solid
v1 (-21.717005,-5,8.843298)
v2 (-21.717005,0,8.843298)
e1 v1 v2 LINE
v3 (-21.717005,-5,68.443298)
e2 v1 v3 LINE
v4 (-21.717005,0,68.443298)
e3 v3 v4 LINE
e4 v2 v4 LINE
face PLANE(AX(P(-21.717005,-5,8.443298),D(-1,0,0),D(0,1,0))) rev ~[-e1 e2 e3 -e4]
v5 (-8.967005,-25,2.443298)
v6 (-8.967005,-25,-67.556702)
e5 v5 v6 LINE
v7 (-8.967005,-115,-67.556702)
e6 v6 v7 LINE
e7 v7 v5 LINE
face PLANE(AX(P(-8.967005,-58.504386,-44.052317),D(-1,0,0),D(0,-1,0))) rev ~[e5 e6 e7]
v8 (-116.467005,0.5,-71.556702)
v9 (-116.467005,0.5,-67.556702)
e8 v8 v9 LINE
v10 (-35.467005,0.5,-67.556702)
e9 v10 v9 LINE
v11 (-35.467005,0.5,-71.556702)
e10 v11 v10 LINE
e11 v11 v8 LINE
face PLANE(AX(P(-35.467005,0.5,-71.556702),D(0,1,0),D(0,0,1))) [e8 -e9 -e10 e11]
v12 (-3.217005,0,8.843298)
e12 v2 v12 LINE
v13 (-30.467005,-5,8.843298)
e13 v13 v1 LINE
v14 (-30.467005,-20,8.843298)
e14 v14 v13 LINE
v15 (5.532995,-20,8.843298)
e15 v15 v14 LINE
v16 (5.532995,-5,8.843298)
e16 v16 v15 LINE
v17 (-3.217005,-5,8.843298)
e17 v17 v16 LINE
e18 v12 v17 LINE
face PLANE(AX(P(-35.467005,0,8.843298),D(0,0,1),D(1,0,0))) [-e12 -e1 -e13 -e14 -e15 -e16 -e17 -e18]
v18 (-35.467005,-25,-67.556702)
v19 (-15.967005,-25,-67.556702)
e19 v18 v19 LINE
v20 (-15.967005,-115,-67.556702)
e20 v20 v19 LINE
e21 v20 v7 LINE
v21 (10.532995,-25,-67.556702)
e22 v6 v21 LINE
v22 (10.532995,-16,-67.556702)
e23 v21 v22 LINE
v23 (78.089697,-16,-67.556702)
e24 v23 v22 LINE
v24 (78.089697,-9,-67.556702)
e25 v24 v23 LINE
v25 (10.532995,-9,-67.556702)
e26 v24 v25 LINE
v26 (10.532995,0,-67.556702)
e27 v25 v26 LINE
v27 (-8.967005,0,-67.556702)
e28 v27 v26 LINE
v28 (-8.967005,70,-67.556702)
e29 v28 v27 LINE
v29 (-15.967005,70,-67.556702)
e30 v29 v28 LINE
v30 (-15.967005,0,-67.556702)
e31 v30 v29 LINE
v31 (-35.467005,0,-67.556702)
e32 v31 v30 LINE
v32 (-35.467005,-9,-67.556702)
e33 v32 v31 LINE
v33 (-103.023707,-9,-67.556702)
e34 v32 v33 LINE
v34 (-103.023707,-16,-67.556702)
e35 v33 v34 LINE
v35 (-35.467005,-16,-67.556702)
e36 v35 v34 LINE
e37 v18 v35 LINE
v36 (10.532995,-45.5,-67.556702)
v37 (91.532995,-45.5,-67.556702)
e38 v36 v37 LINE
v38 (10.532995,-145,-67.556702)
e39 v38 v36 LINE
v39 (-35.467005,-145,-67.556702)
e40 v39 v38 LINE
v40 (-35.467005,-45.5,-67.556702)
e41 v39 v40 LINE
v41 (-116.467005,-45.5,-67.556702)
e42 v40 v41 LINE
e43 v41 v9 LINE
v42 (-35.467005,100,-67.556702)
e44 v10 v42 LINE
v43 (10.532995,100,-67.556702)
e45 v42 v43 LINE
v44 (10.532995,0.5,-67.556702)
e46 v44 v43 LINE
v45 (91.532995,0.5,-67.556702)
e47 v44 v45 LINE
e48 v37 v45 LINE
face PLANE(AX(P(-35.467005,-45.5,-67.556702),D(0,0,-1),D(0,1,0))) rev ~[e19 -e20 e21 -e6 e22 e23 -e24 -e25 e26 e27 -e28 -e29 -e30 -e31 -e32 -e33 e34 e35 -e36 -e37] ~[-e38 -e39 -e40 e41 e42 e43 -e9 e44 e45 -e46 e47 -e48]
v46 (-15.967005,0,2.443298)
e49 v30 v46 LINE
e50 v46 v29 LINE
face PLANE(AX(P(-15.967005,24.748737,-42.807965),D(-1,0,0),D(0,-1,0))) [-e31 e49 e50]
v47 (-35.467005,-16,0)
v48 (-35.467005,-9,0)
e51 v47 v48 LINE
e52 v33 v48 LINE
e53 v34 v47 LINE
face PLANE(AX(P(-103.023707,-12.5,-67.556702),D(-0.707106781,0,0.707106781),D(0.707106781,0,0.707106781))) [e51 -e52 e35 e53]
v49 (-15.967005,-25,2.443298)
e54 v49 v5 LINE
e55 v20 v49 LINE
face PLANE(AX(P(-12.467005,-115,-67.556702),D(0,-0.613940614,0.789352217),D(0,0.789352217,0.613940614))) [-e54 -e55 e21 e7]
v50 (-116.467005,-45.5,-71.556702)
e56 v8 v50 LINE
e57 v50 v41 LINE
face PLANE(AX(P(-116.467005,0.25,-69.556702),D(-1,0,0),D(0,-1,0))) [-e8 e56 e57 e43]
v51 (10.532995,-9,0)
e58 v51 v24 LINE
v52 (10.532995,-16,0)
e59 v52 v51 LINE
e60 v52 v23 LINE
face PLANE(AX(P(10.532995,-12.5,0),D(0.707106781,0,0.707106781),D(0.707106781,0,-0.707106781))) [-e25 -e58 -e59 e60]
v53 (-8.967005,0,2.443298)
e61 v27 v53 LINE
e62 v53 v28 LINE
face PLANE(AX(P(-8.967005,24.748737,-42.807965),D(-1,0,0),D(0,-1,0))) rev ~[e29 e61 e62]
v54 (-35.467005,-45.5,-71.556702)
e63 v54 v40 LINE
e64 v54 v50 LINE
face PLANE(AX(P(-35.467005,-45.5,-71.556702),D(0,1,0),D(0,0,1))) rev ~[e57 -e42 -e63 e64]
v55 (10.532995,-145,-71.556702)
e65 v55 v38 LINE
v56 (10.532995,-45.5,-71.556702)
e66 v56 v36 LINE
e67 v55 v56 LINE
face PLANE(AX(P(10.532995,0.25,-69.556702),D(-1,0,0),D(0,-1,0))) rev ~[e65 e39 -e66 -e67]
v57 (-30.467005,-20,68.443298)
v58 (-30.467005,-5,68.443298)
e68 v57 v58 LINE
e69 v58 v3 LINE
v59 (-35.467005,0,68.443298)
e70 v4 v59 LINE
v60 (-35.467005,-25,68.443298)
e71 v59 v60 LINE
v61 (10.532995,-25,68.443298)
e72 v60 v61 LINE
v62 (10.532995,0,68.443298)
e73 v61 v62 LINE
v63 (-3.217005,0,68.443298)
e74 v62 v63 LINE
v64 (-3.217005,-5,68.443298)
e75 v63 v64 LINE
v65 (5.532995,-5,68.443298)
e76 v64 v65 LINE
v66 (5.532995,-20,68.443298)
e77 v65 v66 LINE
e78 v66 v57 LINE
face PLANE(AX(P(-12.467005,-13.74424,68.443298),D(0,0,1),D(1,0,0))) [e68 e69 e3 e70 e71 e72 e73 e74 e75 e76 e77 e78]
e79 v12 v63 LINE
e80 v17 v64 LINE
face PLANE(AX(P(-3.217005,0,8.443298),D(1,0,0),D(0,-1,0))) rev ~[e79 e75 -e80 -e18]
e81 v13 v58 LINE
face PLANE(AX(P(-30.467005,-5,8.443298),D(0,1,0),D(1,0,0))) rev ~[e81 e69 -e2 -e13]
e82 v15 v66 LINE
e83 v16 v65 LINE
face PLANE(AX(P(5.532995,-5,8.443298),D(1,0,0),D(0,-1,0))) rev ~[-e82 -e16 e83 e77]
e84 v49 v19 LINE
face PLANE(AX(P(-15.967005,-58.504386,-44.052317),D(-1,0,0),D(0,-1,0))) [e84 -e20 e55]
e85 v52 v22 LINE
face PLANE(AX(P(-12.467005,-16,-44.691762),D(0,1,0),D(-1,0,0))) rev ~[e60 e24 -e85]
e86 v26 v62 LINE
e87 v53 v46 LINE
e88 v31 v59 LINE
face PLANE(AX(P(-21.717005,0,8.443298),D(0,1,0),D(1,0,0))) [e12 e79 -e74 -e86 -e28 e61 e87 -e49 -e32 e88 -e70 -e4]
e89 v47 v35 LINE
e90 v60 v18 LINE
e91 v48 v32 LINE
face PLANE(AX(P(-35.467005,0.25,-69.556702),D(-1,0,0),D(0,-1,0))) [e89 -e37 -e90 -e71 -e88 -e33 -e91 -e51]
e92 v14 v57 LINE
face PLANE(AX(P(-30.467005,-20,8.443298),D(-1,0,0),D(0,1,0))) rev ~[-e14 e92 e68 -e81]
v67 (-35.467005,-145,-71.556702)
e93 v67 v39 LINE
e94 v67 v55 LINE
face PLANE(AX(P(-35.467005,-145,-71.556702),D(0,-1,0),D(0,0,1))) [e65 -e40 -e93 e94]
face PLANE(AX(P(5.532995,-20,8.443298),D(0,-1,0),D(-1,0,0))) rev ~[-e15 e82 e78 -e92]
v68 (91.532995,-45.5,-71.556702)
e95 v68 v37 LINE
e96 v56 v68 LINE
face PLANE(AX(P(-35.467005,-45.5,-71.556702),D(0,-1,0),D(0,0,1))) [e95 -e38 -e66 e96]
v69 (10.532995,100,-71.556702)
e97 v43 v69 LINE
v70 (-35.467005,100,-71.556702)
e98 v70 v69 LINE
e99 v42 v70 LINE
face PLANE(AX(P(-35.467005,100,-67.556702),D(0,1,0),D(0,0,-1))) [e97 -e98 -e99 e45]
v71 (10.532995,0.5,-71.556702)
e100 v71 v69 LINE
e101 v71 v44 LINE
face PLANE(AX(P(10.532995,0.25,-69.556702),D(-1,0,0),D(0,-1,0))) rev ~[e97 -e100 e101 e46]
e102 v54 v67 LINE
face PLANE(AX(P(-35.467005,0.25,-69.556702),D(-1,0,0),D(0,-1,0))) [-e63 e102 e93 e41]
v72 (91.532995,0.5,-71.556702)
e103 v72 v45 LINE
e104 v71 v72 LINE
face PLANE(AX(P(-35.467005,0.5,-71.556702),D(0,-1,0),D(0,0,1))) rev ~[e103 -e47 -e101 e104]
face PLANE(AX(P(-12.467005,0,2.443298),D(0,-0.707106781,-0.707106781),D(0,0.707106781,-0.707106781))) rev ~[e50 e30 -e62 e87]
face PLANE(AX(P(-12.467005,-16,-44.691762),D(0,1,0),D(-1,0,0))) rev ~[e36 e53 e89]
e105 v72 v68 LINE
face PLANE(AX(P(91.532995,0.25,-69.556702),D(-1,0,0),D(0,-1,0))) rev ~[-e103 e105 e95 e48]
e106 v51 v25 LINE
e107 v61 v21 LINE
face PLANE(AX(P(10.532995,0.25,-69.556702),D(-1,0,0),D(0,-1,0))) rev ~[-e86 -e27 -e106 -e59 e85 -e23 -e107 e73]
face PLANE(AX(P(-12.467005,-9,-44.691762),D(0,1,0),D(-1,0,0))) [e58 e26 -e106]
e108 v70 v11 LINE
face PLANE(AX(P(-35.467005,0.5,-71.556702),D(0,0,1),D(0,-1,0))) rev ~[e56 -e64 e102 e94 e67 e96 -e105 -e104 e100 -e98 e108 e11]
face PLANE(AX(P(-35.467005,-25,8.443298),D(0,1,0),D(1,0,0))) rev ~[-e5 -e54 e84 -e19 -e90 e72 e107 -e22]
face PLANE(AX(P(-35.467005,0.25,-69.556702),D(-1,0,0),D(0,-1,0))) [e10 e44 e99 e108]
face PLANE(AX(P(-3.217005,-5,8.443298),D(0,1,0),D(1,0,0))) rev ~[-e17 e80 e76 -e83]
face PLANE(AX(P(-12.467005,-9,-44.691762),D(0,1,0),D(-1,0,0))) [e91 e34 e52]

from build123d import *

# Parameters (mm, degrees)
F0_W           = 46
F0_H           = 80
F1_DEPTH       = 25
F4_DEPTH       = 60
F2_W           = 0.5
F2_H           = 4
F2_W_2         = 20.5
F5_DEPTH       = 46
F8_DEPTH       = 3.5
F10_DEPTH      = 0.4
F2_W_3         = 25
F11_DEPTH      = 81
F11_DEPTH_BACK = 127
F14_DEPTH      = 3.5


with BuildPart() as f1:
    # F0 (on Front) → F1 (new body)
    with BuildSketch(Plane.XZ):
        with Locations((-12.4670048244, -31.5567021806)):
            Rectangle(F0_W, F0_H)
    extrude(amount=F1_DEPTH)

    # F3 (on face) → F4 (join)
    with BuildSketch(Plane.XY.offset(8.4432978194)):
        Polygon((10.5329951756, -25), (10.5329951756, 0), (-3.2170048244, 0), (-3.2170048244, -5), (5.5329951756, -5), (5.5329951756, -20), (-30.4670048244, -20), (-30.4670048244, -5), (-21.7170048244, -5), (-21.7170048244, 0), (-35.4670048244, 0), (-35.4670048244, -25), align=None)
    extrude(amount=F4_DEPTH)

    # F2 (on face) → F5 (join)
    with BuildSketch(Plane(origin=(-35.4670048244, 0, 0), x_dir=(0, -1, 0), z_dir=(-1, 0, 0))):
        with Locations((-0.25, -69.5567021806)):
            Rectangle(F2_W, F2_H)
        with Locations((35.25, -69.5567021806)):
            Rectangle(F2_W_2, F2_H)
        Polygon((-100, -71.5567021806), (-0.5, -71.5567021806), (-0.5, -67.5567021806), (-70, -67.5567021806), (-100, -67.5567021806), align=None)
        Polygon((45.5, -67.5567021806), (45.5, -71.5567021806), (145, -71.5567021806), (145, -67.5567021806), (115, -67.5567021806), align=None)
    extrude(amount=-F5_DEPTH)

    # F7 (on offset) → F8 (join, symmetric)
    with BuildSketch(Plane(origin=(-12.4670048244, 0, 0), x_dir=(0, -1, 0), z_dir=(-1, 0, 0))):
        Polygon((0, -67.5567021806), (0, 2.4432978194), (-70, -67.5567021806), align=None)
        Polygon((25, 2.4432978194), (25, -67.5567021806), (115, -67.5567021806), align=None)
    extrude(amount=F8_DEPTH, both=True)

    # F10 (add, through all): a face of the model
    f10_faces = [f1.faces().sort_by_distance(p)[0] for p in [
        (-12.4670048244, -11.0375494071, 8.4432978194),
    ]]
    extrude(f10_faces, amount=F10_DEPTH)

    # F2 (on face) → F11 (join, two sides)
    with BuildSketch(Plane(origin=(-35.4670048244, 0, 0), x_dir=(0, -1, 0), z_dir=(-1, 0, 0))) as f11_sk:
        with Locations((-0.25, -69.5567021806)):
            Rectangle(F2_W, F2_H)
        with Locations((12.5, -69.5567021806)):
            Rectangle(F2_W_3, F2_H)
        with Locations((35.25, -69.5567021806)):
            Rectangle(F2_W_2, F2_H)
    extrude(amount=F11_DEPTH)
    extrude(f11_sk.sketch, amount=-F11_DEPTH_BACK)

    # F13 (on offset) → F14 (join, symmetric)
    with BuildSketch(Plane(origin=(0, -12.5, 0), x_dir=(-1, 0, 0), z_dir=(0, 1, 0))):
        Polygon((103.0237070051, -67.5567021806), (35.4670048244, 0), (-10.5329951756, 0), (-78.0896973562, -67.5567021806), align=None)
    extrude(amount=F14_DEPTH, both=True)


solid = f1.part
